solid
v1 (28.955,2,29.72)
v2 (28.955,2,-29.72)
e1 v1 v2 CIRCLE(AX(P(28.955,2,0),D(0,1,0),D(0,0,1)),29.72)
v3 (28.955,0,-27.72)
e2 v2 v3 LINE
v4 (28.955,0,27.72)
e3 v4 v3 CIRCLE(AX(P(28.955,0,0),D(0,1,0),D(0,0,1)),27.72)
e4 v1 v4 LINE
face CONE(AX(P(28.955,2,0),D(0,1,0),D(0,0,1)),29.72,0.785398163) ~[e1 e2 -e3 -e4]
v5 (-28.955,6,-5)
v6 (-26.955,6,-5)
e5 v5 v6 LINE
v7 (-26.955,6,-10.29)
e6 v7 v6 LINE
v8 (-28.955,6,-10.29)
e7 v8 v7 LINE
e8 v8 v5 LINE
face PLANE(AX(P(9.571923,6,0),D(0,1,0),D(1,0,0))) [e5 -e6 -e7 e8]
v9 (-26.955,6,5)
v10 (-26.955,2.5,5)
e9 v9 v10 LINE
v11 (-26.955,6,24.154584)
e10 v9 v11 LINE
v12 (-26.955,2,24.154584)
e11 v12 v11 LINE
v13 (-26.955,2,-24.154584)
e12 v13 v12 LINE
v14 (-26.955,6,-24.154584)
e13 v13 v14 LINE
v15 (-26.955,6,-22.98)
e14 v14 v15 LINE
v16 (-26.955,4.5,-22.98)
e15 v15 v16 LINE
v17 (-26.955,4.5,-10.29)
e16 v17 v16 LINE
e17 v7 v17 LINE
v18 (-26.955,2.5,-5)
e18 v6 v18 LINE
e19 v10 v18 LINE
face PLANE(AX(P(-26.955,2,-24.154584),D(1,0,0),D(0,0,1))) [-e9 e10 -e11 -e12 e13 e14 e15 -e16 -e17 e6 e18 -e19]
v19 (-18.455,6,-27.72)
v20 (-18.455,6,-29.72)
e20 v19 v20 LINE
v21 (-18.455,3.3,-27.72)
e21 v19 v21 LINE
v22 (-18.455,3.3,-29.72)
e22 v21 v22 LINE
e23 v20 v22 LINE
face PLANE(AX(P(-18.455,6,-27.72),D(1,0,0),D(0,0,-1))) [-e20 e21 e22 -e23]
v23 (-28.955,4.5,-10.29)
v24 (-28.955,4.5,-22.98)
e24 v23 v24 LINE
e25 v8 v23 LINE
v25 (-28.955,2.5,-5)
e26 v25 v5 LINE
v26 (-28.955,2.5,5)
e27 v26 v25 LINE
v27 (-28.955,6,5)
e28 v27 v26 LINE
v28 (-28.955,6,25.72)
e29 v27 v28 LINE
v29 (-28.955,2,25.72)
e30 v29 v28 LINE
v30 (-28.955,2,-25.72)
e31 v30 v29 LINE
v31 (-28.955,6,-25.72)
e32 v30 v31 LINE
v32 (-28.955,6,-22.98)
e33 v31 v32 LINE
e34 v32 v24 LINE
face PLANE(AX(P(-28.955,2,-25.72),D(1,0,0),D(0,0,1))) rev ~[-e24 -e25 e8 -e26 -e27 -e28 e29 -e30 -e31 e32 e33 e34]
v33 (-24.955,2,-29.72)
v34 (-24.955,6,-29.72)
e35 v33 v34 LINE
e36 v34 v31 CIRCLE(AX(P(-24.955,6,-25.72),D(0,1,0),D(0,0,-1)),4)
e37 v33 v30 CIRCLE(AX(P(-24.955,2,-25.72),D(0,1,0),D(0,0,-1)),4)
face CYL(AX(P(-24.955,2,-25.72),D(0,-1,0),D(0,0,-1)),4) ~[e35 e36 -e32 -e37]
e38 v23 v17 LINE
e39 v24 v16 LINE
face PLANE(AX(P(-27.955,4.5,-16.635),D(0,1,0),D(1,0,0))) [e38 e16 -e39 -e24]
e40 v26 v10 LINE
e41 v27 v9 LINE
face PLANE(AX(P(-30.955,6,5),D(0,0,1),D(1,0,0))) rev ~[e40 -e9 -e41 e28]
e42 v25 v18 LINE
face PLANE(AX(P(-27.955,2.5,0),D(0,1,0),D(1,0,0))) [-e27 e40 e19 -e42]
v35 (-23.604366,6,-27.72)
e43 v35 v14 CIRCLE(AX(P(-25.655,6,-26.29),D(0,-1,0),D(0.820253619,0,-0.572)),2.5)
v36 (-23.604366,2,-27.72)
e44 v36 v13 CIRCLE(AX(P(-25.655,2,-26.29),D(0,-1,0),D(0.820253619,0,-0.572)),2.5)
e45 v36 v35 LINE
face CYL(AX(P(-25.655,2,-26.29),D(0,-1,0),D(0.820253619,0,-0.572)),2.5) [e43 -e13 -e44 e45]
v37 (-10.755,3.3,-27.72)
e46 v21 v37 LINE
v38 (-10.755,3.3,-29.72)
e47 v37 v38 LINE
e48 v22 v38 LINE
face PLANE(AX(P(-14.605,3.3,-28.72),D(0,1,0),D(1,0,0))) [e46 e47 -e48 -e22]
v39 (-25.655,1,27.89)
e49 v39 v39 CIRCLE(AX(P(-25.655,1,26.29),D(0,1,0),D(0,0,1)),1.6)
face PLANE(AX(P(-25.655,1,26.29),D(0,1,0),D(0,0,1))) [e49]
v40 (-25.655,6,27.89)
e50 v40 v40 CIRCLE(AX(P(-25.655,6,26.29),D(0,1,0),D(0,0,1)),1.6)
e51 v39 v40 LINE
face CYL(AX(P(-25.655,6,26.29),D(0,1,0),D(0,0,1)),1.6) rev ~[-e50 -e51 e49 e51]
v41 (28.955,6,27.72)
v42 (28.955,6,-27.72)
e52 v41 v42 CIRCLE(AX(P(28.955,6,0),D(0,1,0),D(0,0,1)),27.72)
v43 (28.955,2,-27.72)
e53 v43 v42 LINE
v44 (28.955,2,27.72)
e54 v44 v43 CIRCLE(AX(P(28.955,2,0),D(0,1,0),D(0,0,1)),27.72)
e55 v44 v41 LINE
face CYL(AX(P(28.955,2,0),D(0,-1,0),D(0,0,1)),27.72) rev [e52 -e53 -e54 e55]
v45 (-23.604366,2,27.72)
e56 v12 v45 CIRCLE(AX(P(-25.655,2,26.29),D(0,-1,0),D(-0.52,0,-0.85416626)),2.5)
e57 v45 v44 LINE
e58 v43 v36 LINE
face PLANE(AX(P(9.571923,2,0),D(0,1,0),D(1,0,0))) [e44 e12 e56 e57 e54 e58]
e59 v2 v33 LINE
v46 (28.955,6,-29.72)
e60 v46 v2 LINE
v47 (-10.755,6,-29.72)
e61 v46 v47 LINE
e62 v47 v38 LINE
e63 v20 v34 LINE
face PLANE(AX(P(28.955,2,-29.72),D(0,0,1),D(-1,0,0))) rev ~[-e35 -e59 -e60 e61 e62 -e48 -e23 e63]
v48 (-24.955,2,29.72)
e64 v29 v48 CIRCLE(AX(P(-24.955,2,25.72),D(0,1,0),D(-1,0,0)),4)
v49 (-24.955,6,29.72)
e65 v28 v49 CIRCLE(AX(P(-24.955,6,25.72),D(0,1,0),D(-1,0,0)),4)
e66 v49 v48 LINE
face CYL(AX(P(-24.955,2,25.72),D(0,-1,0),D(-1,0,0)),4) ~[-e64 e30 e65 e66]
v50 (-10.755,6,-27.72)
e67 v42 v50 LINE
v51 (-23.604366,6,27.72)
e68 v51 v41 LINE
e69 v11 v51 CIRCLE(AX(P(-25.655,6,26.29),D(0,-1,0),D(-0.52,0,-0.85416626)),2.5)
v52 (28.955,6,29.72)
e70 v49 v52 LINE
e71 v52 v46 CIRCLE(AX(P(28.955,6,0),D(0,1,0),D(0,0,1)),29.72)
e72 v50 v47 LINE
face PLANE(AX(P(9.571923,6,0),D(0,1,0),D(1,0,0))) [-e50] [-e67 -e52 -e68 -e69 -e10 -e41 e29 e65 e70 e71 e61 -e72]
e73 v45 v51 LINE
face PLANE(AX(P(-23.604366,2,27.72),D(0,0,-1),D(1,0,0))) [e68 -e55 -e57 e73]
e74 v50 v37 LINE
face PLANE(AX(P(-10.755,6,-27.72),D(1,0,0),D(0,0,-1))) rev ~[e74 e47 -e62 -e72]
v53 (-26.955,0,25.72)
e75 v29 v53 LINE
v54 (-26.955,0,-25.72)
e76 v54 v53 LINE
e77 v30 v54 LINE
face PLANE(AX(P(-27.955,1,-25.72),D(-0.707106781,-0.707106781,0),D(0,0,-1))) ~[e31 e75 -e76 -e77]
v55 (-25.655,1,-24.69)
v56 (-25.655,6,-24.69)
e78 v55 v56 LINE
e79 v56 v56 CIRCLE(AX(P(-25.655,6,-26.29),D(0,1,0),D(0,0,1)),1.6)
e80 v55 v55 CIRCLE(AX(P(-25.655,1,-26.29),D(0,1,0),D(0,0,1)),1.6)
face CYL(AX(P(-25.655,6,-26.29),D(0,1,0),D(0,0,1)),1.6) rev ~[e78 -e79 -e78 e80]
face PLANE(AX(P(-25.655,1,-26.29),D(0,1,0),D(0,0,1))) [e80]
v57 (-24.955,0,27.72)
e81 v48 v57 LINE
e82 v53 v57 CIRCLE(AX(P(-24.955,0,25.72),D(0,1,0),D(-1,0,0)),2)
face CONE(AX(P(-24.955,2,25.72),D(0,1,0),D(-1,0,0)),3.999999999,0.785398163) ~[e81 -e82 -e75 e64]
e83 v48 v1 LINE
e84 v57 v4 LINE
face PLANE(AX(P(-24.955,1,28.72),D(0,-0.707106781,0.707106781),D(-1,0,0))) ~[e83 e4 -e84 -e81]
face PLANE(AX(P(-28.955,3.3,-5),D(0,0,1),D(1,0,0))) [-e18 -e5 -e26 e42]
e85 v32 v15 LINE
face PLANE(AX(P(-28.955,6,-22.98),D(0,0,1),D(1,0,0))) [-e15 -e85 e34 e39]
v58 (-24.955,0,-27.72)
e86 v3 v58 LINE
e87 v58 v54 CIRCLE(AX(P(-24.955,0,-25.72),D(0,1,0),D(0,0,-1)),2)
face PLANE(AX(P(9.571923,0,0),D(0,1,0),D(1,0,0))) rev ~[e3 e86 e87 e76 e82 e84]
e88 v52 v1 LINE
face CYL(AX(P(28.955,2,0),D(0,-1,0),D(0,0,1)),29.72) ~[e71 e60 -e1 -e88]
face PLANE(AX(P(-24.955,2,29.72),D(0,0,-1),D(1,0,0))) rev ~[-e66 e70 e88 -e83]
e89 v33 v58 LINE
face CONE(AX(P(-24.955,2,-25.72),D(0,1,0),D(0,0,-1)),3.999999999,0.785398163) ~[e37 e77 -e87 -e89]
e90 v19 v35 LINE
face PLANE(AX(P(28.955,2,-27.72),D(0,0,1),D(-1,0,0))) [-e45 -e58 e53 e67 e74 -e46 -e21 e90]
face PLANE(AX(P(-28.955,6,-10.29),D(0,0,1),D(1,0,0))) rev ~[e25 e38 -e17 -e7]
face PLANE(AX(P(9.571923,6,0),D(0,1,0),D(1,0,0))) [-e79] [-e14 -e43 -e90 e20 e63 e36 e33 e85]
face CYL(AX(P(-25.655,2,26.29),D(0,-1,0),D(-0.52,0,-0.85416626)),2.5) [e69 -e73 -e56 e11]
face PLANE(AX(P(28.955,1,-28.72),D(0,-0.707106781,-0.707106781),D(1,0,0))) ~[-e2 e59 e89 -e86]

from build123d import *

# Parameters (mm, degrees)
EXTRUDE_1_DEPTH     = 2
EXTRUDE_2_DEPTH     = 4
SKETCH_3_R          = 1.6
SKETCH_3_W          = 7.7
SKETCH_3_H          = 2
SKETCH_3_W_2        = 4
SKETCH_3_H_2        = 10
CUT_EXTRUDE_1_DEPTH = 2.7
SKETCH_4_R          = 1.6
CUT_EXTRUDE_2_DEPTH = 5
CHAMFER_1_SIZE      = 2
SKETCH_5_W          = 2
SKETCH_5_H          = 12.69
CUT_EXTRUDE_3_DEPTH = 1.5
SKETCH_6_W          = 2
SKETCH_6_H          = 10
CUT_EXTRUDE_4_DEPTH = 0.8


with BuildPart() as part:
    # 草图1 → 凸台-拉伸1 (new body)
    with BuildSketch(Plane(origin=(0, 0, 0), x_dir=(1, 0, 0), z_dir=(0, 1, 0))):
        with BuildLine():
            Line((-24.955, -29.72), (28.955, -29.72))
            ThreePointArc((28.955, -29.72), (58.675, 0), (28.955, 29.72))
            Line((28.955, 29.72), (-24.955, 29.72))
            ThreePointArc((-24.955, 29.72), (-27.783427125, 28.548427125), (-28.955, 25.72))
            Line((-28.955, 25.72), (-28.955, -25.72))
            ThreePointArc((-28.955, -25.72), (-27.783427125, -28.548427125), (-24.955, -29.72))
        make_face()
    extrude(amount=EXTRUDE_1_DEPTH)

    # 草图2 → 凸台-拉伸2 (add)
    with BuildSketch(Plane(origin=(0, 2, 0), x_dir=(1, 0, 0), z_dir=(0, 1, 0))):
        with BuildLine():
            Line((28.955, 29.72), (-24.955, 29.72))
            ThreePointArc((-24.955, 29.72), (-27.783427125, 28.548427125), (-28.955, 25.72))
            Line((-28.955, 25.72), (-28.955, -25.72))
            ThreePointArc((-28.955, -25.72), (-27.783427125, -28.548427125), (-24.955, -29.72))
            Line((-24.955, -29.72), (28.955, -29.72))
            ThreePointArc((28.955, -29.72), (58.675, 0), (28.955, 29.72))
        make_face()
        with BuildLine():
            Line((-26.955, 24.15458435), (-26.955, -24.15458435))
            ThreePointArc((-26.955, -24.15458435), (-23.8332124, -24.577957377), (-23.604365952, -27.72))
            Line((-23.604365952, -27.72), (28.955, -27.72))
            ThreePointArc((28.955, -27.72), (56.675, 0), (28.955, 27.72))
            Line((28.955, 27.72), (-23.604365952, 27.72))
            ThreePointArc((-23.604365952, 27.72), (-23.8332124, 24.577957377), (-26.955, 24.15458435))
        make_face(mode=Mode.SUBTRACT)
    extrude(amount=EXTRUDE_2_DEPTH)

    # 草图3 → 切除-拉伸1 (cut)
    with BuildSketch(Plane(origin=(0, 6, 0), x_dir=(1, 0, 0), z_dir=(0, 1, 0))):
        with Locations(Location((-25.655, 26.29, 0), (0, 0, 270))):
            Circle(SKETCH_3_R)
        with Locations(Location((-25.655, -26.29, 0), (0, 0, 270))):
            Circle(SKETCH_3_R)
        with Locations((-14.605, 28.72)):
            Rectangle(SKETCH_3_W, SKETCH_3_H)
        with Locations((-28.955, 0)):
            Rectangle(SKETCH_3_W_2, SKETCH_3_H_2)
    extrude(amount=-CUT_EXTRUDE_1_DEPTH, mode=Mode.SUBTRACT)

    # 草图4 → 切除-拉伸2 (cut)
    with BuildSketch(Plane(origin=(0, 6, 0), x_dir=(1, 0, 0), z_dir=(0, 1, 0))):
        with Locations(Location((-25.655, 26.29, 0), (0, 0, 270))):
            Circle(SKETCH_4_R)
        with Locations(Location((-25.655, -26.29, 0), (0, 0, 270))):
            Circle(SKETCH_4_R)
    extrude(amount=-CUT_EXTRUDE_2_DEPTH, mode=Mode.SUBTRACT)

    # 倒角1
    chamfer_1_edges = [part.edges().sort_by_distance(p)[0] for p in [
        (2, 0, 29.72),
        (-27.783427125, 0, 28.548427125),
        (-28.955, 0, 0),
        (-27.783427125, 0, -28.548427125),
        (2, 0, -29.72),
        (58.675, 0, 0),
    ]]
    chamfer(chamfer_1_edges, length=CHAMFER_1_SIZE)

    # 草图5 → 切除-拉伸3 (cut)
    with BuildSketch(Plane(origin=(0, 6, 0), x_dir=(1, 0, 0), z_dir=(0, 1, 0))):
        with Locations((-27.955, 16.635)):
            Rectangle(SKETCH_5_W, SKETCH_5_H)
    extrude(amount=-CUT_EXTRUDE_3_DEPTH, mode=Mode.SUBTRACT)

    # 草图6 → 切除-拉伸4 (cut)
    with BuildSketch(Plane(origin=(0, 3.3, 0), x_dir=(1, 0, 0), z_dir=(0, 1, 0))):
        with Locations((-27.955, 0)):
            Rectangle(SKETCH_6_W, SKETCH_6_H)
    extrude(amount=-CUT_EXTRUDE_4_DEPTH, mode=Mode.SUBTRACT)


solid = part.part
